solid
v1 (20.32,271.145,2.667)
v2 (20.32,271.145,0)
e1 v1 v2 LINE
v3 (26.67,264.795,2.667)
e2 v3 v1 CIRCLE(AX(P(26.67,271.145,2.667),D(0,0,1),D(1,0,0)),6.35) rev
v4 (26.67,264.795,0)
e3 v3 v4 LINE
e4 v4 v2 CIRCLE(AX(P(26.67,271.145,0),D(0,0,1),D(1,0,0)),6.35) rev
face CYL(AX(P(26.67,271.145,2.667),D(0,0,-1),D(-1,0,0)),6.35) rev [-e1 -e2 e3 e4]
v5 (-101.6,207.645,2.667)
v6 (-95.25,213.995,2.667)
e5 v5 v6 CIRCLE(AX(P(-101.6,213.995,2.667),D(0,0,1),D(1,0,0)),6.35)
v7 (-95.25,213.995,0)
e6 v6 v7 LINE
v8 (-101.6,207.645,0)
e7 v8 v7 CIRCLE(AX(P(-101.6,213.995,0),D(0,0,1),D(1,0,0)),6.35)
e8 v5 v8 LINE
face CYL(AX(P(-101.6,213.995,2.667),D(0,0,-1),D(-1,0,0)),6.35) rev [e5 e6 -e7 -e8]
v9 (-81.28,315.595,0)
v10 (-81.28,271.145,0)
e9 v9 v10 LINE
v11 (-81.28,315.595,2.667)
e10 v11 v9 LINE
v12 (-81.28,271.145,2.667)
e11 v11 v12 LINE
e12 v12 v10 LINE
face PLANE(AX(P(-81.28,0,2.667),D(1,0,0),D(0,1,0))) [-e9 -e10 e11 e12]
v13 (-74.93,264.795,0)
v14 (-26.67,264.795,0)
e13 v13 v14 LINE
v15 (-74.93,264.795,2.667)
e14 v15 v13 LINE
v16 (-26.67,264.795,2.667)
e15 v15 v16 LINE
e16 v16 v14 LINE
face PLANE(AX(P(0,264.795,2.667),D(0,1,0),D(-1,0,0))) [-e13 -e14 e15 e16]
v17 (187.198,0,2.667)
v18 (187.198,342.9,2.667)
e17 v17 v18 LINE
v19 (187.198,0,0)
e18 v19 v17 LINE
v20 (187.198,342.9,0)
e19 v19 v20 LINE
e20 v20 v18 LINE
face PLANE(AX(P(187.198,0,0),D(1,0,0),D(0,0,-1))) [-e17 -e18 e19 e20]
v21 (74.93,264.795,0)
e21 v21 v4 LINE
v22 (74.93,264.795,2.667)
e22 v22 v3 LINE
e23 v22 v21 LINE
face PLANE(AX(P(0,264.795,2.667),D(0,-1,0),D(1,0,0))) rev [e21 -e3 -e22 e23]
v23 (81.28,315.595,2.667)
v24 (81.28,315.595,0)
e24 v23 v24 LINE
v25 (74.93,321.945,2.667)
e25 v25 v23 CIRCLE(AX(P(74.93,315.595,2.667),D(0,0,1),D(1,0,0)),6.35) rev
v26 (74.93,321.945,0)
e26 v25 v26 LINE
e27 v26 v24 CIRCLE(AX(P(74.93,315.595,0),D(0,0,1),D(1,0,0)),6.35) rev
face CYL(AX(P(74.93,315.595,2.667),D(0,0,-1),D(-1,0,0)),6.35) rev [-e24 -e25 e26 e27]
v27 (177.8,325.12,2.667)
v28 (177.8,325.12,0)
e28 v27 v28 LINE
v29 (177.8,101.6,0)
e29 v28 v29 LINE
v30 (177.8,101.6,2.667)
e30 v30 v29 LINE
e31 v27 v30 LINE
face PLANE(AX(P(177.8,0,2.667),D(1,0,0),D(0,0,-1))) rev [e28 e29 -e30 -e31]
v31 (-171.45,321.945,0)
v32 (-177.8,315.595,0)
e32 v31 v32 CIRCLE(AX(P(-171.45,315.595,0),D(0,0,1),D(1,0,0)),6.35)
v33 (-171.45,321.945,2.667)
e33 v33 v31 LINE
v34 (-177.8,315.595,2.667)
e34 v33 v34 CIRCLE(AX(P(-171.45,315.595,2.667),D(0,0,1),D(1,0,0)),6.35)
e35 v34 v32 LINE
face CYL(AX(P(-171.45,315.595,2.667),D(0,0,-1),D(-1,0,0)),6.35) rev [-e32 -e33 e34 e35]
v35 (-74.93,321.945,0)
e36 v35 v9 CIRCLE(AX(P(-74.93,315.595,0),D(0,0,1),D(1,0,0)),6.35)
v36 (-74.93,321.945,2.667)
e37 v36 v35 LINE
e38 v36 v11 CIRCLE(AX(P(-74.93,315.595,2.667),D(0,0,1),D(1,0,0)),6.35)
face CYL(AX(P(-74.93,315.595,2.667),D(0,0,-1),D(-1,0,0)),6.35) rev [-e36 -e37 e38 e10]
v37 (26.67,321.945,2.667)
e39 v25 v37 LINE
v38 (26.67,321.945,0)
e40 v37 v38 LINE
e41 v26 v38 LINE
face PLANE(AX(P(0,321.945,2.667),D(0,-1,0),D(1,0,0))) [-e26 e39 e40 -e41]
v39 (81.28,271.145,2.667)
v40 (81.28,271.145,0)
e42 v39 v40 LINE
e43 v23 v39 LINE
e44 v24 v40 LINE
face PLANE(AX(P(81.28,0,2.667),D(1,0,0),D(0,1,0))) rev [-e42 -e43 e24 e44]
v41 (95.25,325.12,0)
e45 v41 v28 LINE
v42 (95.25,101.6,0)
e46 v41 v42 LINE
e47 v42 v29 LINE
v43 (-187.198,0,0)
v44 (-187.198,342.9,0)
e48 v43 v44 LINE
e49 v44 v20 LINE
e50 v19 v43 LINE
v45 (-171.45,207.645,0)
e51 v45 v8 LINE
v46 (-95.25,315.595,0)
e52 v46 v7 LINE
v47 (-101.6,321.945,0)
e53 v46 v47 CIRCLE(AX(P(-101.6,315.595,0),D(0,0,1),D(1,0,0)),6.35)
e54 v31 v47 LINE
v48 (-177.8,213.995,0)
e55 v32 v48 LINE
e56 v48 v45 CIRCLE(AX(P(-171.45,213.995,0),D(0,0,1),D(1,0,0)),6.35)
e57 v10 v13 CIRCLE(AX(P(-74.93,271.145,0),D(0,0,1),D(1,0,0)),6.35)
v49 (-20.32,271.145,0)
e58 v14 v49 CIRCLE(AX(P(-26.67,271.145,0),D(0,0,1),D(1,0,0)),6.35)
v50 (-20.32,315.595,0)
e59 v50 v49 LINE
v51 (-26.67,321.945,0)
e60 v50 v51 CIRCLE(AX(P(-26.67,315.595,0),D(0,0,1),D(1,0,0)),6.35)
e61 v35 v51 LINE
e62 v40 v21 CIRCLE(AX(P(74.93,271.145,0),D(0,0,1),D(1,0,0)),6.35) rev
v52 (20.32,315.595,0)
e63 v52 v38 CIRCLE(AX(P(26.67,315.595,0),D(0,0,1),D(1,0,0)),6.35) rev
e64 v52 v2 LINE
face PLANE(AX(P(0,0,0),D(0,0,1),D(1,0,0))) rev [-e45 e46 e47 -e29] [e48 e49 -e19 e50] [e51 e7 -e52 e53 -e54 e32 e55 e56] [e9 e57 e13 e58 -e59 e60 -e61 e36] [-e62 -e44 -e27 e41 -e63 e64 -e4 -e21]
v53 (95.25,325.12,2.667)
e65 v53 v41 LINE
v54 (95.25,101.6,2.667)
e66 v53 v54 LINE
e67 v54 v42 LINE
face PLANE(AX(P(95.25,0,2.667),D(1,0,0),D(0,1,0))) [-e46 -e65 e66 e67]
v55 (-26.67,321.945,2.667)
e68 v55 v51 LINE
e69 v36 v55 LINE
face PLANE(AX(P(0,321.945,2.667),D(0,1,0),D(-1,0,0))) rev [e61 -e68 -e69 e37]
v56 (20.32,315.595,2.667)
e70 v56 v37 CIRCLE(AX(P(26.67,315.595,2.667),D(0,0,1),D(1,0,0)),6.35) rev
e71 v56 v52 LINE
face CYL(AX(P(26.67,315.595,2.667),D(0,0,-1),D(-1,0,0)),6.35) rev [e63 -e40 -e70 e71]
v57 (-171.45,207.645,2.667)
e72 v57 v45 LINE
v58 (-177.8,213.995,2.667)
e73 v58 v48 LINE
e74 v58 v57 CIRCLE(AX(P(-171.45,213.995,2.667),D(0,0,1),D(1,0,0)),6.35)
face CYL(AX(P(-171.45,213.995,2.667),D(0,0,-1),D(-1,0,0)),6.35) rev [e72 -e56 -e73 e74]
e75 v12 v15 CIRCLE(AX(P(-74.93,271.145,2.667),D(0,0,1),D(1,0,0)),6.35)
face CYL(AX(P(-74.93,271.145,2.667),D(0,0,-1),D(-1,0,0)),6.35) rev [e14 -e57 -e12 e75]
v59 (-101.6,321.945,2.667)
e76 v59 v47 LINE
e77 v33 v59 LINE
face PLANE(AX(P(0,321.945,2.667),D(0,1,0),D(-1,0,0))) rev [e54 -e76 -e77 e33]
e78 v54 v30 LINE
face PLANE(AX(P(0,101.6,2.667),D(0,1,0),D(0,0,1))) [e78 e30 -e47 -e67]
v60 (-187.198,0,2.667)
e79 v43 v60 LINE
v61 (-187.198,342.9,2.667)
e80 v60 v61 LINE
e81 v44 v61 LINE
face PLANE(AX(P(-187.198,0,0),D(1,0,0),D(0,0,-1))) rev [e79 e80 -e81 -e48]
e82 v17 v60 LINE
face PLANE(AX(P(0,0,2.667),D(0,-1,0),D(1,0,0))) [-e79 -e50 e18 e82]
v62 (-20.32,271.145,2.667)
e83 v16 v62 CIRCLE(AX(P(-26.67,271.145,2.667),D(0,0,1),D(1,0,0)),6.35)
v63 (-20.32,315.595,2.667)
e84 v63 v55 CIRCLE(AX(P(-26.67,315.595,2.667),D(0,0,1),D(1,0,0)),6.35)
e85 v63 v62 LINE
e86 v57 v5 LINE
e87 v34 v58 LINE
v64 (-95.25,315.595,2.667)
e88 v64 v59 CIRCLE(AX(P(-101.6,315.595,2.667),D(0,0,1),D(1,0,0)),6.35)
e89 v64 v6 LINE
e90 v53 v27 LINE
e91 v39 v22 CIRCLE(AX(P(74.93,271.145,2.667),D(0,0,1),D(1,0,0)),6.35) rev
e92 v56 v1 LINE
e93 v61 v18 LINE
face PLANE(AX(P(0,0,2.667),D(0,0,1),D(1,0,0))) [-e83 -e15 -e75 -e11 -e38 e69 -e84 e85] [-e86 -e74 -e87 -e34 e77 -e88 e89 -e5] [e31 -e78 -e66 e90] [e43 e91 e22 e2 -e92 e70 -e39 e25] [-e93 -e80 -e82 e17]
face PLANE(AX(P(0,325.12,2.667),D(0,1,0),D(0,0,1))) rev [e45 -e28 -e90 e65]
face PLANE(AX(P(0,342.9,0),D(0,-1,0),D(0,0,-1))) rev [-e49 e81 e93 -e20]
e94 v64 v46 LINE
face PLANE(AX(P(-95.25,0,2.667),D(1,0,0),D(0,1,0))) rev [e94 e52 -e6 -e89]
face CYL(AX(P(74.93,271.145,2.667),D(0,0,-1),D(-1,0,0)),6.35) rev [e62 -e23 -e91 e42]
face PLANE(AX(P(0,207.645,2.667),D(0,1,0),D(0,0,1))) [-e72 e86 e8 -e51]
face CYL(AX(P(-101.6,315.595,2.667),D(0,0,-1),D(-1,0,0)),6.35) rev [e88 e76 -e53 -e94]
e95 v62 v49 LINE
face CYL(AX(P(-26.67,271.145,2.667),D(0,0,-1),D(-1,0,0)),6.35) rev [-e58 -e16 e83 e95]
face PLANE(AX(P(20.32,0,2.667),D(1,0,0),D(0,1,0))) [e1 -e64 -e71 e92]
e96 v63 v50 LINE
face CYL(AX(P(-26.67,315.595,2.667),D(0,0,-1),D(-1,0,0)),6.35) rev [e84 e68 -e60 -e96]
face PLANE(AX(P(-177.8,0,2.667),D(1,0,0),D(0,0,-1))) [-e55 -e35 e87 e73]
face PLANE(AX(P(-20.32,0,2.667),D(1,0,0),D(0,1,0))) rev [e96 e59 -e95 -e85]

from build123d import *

# Parameters (mm, degrees)
SKETCH1_W                   = 82.55
SKETCH1_H                   = 223.52
BOSS_EXTRUDE1_DEPTH         = 2.667
CORNERRADIUSALLOWANCE_DEPTH = 408.419998422


with BuildPart() as part:
    # Sketch1 → Boss-Extrude1 (new body)
    with BuildSketch(Plane.XY):
        with BuildLine():
            Line((-193.04, 0), (-193.04, 349.25))
            ThreePointArc((-193.04, 349.25), (0, 358.775), (193.04, 349.25))
            Line((193.04, 349.25), (193.04, 0))
            Line((193.04, 0), (-193.04, 0))
        make_face()
        with BuildLine():
            Line((74.93, 264.795), (26.67, 264.795))
            ThreePointArc((26.67, 264.795), (22.179871939, 266.654871939), (20.32, 271.145))
            Line((20.32, 271.145), (20.32, 315.595))
            ThreePointArc((20.32, 315.595), (22.179871939, 320.085128061), (26.67, 321.945))
            Line((26.67, 321.945), (74.93, 321.945))
            ThreePointArc((74.93, 321.945), (79.420128061, 320.085128061), (81.28, 315.595))
            Line((81.28, 315.595), (81.28, 271.145))
            ThreePointArc((81.28, 271.145), (79.420128061, 266.654871939), (74.93, 264.795))
        make_face(mode=Mode.SUBTRACT)
        with BuildLine():
            Line((-171.45, 321.945), (-101.6, 321.945))
            ThreePointArc((-101.6, 321.945), (-97.109871939, 320.085128061), (-95.25, 315.595))
            Line((-95.25, 315.595), (-95.25, 213.995))
            ThreePointArc((-95.25, 213.995), (-97.109871939, 209.504871939), (-101.6, 207.645))
            Line((-101.6, 207.645), (-171.45, 207.645))
            ThreePointArc((-171.45, 207.645), (-175.940128061, 209.504871939), (-177.8, 213.995))
            Line((-177.8, 213.995), (-177.8, 315.595))
            ThreePointArc((-177.8, 315.595), (-175.940128061, 320.085128061), (-171.45, 321.945))
        make_face(mode=Mode.SUBTRACT)
        with BuildLine():
            Line((-74.93, 321.945), (-26.67, 321.945))
            ThreePointArc((-26.67, 321.945), (-22.179871939, 320.085128061), (-20.32, 315.595))
            Line((-20.32, 315.595), (-20.32, 271.145))
            ThreePointArc((-20.32, 271.145), (-22.179871939, 266.654871939), (-26.67, 264.795))
            Line((-26.67, 264.795), (-74.93, 264.795))
            ThreePointArc((-74.93, 264.795), (-79.420128061, 266.654871939), (-81.28, 271.145))
            Line((-81.28, 271.145), (-81.28, 315.595))
            ThreePointArc((-81.28, 315.595), (-79.420128061, 320.085128061), (-74.93, 321.945))
        make_face(mode=Mode.SUBTRACT)
        with Locations((136.525, 213.36)):
            Rectangle(SKETCH1_W, SKETCH1_H, mode=Mode.SUBTRACT)
    extrude(amount=BOSS_EXTRUDE1_DEPTH)

    # Sketch2 → CornerRadiusAllowance (cut, through all)
    with BuildSketch(Plane.XY.offset(2.667)):
        with BuildLine():
            Line((-187.198, 0), (-187.198, 342.9))
            Line((-187.198, 342.9), (0, 342.9))
            Line((0, 342.9), (0, 358.775))
            ThreePointArc((0, 358.775), (-96.63742446, 356.392302388), (-193.04, 349.25))
            Line((-193.04, 349.25), (-193.04, 0))
            Line((-193.04, 0), (-187.198, 0))
        make_face()
        with BuildLine():
            Line((0, 358.775), (0, 342.9))
            Line((0, 342.9), (187.198, 342.9))
            Line((187.198, 342.9), (187.198, 0))
            Line((187.198, 0), (193.04, 0))
            Line((193.04, 0), (193.04, 349.25))
            ThreePointArc((193.04, 349.25), (96.63742446, 356.392302388), (0, 358.775))
        make_face()
    extrude(amount=-CORNERRADIUSALLOWANCE_DEPTH, mode=Mode.SUBTRACT)


solid = part.part
